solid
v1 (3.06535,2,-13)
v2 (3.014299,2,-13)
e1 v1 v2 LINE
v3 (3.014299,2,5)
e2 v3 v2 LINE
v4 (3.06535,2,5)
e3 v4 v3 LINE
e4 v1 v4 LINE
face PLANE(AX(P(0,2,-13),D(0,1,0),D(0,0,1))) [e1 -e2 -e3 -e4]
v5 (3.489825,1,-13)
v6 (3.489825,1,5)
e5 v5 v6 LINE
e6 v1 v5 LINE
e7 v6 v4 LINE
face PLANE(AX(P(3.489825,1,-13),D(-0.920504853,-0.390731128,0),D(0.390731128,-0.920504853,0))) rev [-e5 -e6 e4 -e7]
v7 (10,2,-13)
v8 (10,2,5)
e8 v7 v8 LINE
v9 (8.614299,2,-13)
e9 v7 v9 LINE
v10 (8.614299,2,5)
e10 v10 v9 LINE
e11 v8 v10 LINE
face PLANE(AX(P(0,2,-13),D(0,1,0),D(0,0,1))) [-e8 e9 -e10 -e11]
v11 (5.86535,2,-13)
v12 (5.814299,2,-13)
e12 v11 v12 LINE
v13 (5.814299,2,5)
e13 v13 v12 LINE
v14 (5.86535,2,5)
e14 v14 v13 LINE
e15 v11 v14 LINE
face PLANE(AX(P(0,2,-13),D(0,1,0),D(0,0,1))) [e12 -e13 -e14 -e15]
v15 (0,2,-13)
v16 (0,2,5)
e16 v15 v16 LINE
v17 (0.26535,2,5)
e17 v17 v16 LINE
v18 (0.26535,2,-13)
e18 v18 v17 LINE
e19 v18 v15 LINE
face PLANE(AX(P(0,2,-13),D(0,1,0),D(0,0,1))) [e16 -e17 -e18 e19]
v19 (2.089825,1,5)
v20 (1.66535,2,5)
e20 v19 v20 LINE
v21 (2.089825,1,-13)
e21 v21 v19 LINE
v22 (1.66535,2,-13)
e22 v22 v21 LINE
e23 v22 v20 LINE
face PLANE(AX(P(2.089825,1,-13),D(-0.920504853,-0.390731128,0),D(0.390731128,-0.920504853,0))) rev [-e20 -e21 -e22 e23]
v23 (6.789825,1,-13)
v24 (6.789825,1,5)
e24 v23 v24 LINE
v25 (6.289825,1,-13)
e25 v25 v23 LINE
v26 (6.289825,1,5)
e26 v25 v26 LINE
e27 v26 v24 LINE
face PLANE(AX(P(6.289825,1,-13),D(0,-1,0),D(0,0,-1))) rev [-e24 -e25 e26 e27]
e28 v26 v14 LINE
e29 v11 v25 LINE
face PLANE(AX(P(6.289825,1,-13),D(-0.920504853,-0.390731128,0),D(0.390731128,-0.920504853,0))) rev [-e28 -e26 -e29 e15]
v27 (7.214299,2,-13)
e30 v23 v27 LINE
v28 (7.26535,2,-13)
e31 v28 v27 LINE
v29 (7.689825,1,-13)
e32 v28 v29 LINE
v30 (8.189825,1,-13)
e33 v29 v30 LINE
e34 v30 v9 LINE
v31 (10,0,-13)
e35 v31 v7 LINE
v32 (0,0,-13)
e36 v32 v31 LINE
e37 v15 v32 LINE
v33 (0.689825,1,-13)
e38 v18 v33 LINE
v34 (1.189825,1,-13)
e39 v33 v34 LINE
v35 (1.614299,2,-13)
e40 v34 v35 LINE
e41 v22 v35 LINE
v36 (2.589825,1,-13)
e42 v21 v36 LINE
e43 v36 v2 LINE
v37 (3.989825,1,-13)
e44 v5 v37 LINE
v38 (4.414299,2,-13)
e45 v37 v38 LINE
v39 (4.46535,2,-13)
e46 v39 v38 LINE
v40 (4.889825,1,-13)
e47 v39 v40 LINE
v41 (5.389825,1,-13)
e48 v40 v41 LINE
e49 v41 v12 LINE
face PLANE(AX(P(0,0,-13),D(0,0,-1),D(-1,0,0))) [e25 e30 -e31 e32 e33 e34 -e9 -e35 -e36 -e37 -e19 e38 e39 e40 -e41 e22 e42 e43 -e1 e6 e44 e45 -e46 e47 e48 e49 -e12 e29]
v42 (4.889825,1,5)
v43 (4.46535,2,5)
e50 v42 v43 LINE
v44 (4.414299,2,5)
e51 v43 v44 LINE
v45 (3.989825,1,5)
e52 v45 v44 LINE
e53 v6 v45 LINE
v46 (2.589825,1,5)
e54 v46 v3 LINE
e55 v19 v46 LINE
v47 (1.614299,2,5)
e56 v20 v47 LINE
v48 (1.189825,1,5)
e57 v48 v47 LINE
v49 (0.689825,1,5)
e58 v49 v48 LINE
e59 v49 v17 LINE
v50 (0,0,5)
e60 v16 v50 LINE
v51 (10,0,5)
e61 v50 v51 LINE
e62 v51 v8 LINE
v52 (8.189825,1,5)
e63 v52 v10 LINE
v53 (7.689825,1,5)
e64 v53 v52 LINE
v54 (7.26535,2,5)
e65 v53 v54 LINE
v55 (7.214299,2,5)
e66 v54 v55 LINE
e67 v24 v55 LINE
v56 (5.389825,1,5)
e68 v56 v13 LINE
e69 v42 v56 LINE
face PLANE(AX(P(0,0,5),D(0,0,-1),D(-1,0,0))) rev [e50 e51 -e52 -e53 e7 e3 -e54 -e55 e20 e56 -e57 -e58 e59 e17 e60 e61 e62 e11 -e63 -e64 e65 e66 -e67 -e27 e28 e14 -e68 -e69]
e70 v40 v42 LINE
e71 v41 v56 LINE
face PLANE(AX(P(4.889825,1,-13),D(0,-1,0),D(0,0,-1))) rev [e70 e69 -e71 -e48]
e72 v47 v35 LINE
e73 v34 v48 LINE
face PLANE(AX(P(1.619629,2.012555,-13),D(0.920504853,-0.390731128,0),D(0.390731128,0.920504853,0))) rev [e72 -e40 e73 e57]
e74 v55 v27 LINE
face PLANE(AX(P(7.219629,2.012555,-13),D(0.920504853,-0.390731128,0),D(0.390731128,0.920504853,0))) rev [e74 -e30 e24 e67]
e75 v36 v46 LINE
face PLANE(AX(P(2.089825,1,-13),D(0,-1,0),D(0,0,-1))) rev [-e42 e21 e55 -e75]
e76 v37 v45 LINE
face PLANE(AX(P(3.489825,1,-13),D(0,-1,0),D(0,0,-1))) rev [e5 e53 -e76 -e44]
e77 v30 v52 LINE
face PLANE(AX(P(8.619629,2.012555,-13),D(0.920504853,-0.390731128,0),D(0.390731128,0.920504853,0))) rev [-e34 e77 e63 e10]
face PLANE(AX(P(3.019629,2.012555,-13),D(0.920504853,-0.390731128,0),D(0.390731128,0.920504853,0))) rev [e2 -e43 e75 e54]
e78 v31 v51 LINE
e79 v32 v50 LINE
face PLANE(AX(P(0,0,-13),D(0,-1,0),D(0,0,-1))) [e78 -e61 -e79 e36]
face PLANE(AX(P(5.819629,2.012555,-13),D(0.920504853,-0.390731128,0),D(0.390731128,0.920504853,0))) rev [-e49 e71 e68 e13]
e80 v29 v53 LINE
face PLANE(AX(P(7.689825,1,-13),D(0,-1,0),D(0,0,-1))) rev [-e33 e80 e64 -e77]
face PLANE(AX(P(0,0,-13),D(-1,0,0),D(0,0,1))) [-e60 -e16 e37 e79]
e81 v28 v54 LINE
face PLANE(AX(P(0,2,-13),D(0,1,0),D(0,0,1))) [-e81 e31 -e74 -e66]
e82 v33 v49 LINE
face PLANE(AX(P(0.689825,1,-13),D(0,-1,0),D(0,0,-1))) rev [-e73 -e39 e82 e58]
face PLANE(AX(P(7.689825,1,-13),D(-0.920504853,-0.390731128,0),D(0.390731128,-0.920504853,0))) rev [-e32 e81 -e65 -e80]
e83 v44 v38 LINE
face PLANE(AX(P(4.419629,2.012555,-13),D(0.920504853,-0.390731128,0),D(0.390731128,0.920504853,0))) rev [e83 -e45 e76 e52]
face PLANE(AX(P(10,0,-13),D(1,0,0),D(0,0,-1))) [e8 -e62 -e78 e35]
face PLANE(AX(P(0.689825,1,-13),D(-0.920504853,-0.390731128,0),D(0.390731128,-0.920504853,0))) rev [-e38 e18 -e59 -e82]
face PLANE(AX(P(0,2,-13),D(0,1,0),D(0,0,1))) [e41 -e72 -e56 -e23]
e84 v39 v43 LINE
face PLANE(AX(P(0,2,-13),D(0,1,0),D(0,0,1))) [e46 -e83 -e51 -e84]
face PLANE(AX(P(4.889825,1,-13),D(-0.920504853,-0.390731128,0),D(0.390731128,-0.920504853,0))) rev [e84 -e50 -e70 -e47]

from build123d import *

# Parameters (mm, degrees)
BOSS_EXTRUDE1_DEPTH      = 5
BOSS_EXTRUDE1_DEPTH_BACK = 13
SKETCH1_W                = 10
SKETCH1_H                = 2
CUT_EXTRUDE1_DEPTH       = 18
LPATTERN2_COUNT          = 6
LPATTERN2_PITCH          = 1.4


with BuildPart() as part:
    # Sketch1 → Boss-Extrude1 (new, two sides: drawn at the far end of the back side and taken through both)
    with BuildSketch(Plane.XY.offset(-BOSS_EXTRUDE1_DEPTH_BACK)):
        with Locations((5, 1)):
            Rectangle(SKETCH1_W, SKETCH1_H)
    extrude(amount=BOSS_EXTRUDE1_DEPTH + BOSS_EXTRUDE1_DEPTH_BACK)

    # Sketch3 → Cut-Extrude1 (cut)
    with BuildSketch(Plane.XY.offset(5)):
        Polygon((0.689824634, 1), (1.189824634, 1), (1.619628875, 2.012555339), (0.260020392, 2.012555339), align=None)
    cut_extrude1 = extrude(amount=-CUT_EXTRUDE1_DEPTH, mode=Mode.SUBTRACT)

    # LPattern2: Cut-Extrude1 ×6
    with Locations(*[(i * LPATTERN2_PITCH, 0, 0) for i in range(1, LPATTERN2_COUNT)]):
        add(cut_extrude1, mode=Mode.SUBTRACT)


solid = part.part
